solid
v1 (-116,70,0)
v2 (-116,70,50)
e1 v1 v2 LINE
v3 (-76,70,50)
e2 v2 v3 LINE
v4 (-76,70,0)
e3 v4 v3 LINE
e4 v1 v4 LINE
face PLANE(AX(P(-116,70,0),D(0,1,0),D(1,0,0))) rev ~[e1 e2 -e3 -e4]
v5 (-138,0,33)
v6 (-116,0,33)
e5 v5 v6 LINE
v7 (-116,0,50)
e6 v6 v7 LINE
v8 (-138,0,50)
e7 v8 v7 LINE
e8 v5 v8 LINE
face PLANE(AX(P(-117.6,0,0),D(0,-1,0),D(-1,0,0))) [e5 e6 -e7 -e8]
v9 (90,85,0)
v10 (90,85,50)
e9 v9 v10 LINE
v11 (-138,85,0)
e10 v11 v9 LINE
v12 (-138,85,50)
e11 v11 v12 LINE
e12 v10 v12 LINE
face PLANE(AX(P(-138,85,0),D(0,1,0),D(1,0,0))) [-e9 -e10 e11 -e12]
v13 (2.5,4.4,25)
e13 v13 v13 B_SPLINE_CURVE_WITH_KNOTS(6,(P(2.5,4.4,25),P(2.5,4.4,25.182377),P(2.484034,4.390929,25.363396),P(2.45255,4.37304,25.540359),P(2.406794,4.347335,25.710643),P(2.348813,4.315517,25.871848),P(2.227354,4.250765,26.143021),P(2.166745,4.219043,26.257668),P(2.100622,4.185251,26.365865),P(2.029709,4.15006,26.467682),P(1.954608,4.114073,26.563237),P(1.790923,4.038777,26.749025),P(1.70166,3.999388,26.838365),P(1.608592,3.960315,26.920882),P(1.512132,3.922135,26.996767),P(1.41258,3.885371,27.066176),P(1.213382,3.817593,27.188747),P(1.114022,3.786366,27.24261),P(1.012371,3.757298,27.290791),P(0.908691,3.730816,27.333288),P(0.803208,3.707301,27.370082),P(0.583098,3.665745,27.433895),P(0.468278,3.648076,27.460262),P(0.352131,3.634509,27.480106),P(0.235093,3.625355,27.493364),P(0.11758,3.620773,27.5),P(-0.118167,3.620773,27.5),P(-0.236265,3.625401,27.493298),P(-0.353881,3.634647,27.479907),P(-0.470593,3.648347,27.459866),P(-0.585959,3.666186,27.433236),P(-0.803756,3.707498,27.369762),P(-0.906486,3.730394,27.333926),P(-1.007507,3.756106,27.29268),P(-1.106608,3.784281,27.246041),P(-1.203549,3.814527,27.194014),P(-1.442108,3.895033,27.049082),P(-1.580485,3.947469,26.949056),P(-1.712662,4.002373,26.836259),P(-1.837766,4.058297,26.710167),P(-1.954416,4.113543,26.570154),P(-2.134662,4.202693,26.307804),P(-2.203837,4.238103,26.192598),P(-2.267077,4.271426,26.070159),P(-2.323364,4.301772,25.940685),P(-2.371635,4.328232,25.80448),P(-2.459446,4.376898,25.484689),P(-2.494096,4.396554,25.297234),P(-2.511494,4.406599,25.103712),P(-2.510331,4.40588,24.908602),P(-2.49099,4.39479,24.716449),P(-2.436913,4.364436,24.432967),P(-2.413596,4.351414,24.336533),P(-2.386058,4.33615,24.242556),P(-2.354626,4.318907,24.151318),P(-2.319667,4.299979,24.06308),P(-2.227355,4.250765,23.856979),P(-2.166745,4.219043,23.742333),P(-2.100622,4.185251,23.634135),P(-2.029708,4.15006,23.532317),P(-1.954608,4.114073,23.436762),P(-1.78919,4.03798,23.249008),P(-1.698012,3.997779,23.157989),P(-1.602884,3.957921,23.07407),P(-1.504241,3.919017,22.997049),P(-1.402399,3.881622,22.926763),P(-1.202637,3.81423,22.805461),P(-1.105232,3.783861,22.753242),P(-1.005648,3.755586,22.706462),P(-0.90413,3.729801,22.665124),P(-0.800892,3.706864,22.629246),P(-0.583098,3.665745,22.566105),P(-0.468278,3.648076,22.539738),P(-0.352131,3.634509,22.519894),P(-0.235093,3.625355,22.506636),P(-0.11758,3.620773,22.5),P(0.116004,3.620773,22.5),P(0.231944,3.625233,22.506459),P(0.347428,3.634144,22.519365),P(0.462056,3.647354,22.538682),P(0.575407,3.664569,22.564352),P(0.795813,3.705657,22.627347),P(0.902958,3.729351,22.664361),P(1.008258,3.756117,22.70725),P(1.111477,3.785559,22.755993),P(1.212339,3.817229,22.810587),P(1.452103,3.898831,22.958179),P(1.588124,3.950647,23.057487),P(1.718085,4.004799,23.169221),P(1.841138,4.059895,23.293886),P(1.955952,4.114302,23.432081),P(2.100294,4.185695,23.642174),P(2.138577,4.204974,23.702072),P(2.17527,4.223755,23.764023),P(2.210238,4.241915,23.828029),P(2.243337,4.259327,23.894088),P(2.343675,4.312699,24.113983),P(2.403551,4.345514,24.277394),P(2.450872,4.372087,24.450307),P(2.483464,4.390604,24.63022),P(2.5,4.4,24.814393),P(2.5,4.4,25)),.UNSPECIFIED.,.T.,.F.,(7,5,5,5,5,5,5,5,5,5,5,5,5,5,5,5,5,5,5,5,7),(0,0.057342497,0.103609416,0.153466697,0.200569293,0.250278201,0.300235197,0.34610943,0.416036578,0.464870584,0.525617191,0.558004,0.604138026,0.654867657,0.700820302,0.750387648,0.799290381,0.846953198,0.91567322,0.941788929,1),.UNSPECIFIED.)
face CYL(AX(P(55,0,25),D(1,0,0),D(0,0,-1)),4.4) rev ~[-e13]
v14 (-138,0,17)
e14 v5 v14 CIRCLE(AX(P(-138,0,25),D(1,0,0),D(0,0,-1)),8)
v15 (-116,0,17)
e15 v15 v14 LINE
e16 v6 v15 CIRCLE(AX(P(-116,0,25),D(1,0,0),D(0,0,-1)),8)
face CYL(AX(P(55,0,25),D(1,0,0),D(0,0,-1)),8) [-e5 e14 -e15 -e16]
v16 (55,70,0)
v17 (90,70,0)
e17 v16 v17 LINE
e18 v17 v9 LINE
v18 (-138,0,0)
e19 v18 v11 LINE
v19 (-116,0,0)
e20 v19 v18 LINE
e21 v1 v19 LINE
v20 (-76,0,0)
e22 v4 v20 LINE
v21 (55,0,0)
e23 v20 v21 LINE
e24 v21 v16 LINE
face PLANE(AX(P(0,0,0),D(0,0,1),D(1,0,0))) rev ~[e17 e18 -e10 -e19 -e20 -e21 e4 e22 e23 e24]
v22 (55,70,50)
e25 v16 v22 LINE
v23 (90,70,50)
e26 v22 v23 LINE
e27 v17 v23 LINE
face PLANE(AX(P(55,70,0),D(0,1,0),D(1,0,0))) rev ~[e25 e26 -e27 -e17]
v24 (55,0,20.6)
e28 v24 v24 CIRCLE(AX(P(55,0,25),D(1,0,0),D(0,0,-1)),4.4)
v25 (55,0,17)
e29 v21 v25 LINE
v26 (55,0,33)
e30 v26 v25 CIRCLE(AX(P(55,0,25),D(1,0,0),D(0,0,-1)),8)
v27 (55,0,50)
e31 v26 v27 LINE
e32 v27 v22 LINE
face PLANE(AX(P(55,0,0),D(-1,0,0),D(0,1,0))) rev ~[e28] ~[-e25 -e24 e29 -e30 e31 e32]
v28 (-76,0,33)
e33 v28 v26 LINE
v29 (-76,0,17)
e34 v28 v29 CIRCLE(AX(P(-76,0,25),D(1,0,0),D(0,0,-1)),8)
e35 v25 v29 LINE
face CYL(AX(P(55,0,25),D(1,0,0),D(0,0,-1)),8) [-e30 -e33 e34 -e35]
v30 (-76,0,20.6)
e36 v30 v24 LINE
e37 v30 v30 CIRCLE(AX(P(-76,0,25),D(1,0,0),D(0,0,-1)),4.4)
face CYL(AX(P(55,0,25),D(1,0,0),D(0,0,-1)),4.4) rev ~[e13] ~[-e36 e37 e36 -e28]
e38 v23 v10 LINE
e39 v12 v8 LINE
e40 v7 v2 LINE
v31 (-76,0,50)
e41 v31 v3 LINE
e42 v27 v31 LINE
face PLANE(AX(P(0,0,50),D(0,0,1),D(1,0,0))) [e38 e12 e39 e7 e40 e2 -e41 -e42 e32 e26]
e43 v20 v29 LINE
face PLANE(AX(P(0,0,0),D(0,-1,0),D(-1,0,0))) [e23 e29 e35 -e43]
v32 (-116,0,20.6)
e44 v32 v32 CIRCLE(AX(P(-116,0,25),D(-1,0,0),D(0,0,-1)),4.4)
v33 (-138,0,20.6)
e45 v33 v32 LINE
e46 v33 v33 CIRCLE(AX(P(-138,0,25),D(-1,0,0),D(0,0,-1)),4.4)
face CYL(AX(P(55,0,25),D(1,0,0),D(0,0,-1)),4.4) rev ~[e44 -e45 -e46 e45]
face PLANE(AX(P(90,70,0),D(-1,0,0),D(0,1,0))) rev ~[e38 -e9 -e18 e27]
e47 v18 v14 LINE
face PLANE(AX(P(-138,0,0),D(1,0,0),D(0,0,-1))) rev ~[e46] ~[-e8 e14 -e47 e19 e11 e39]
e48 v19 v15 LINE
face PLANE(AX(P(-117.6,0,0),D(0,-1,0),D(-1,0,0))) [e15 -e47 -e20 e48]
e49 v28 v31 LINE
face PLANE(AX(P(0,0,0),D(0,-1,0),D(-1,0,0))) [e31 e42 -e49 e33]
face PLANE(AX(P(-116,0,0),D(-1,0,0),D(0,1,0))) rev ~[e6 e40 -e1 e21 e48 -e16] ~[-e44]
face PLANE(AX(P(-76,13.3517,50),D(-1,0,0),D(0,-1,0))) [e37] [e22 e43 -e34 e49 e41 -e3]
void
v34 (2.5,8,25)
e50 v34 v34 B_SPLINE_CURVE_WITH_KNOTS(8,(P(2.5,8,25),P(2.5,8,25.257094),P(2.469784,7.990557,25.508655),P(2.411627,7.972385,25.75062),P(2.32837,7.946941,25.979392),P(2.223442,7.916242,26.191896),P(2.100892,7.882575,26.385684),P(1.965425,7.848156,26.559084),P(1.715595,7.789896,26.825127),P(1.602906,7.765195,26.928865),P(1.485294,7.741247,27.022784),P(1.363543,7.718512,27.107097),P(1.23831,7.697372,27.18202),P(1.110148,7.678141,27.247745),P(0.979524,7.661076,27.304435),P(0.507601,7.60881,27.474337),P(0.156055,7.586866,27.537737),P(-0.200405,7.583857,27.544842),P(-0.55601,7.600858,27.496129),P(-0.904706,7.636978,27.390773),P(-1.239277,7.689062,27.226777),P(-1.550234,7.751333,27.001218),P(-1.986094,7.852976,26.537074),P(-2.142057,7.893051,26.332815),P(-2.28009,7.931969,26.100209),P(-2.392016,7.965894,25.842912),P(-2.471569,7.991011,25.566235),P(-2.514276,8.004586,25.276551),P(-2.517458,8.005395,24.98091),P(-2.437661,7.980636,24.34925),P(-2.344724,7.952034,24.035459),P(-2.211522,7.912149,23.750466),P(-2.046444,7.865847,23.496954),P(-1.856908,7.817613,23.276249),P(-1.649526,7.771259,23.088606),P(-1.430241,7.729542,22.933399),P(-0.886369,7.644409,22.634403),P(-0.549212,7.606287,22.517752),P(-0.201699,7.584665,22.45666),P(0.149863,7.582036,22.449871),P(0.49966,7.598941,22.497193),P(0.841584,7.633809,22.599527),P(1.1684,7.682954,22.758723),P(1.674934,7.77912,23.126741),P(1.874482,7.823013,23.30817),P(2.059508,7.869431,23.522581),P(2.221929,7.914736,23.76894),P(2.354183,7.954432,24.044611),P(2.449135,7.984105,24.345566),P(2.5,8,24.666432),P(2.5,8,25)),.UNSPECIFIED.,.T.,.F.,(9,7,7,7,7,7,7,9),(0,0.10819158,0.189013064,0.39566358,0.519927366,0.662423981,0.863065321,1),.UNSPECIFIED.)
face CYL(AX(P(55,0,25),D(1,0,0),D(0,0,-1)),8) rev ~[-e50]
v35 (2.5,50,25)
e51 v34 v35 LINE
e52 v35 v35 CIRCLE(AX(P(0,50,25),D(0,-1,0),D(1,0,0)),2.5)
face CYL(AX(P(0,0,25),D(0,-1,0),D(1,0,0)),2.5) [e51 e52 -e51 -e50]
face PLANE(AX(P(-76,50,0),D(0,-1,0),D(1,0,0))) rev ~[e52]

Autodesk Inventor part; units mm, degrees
ref_plane "YZ Plane" through (0, 0, 0) normal (1, 0, 0) x (0, 1, 0)
ref_plane "XZ Plane" through (0, 0, 0) normal (0, 1, 0) x (-1, 0, 0)
ref_plane "XY Plane" through (0, 0, 0) normal (0, 0, 1) x (1, 0, 0)
sketch "Sketch1" plane through (0, 0, 0) normal (0, 0, 1) x (1, 0, 0)
  line L0 (0, 0) -> (55, 0)
  line L1 (0, 0) -> (-76, 0)
  line L2 (-116, 0) -> (-138, 0)
  line L3 (-138, 0) -> (-138, 70)
  line L4 (-138, 70) -> (-138, 85)
  line L5 (-138, 85) -> (-116, 85)
  line L6 (-116, 0) -> (-116, 70)
  line L7 (-116, 70) -> (-76, 70)
  line L8 (-76, 70) -> (-76, 0)
  line L9 (90, 70) -> (90, 85)
  line L10 (90, 85) -> (-116, 85)
  line L11 (55, 0) -> (55, 70)
  line L12 (55, 70) -> (90, 70)
  line L13 (55, 0) -> (-76, 0)
  line L14 (-116, 0) -> (-117.6, 0)
  line L15 (-117.6, 0) -> (-117.6, 71.4164)
  line L16 (-117.6, 71.4164) -> (-74.4045, 71.4164)
  line L17 (-74.4045, 71.4164) -> (-74.4045, 0)
  line L18 (-138, 0) -> (-152.8138, 0)
  line L19 (-152.8138, 0) -> (-152.8138, 85)
  line L20 (-152.8138, 85) -> (-138, 85)
  dimension "d20" = 1.6
extrude "Extrusion1" add sketch "Sketch1" along normal blind 50 contours L1 L17 L16 L15 L2 L3 L4 L5 L10 L9 L12 L11 L0 | L1 L8 L7 L6 L2 L15 L16 L17
sketch "Sketch2" plane through (0, 0, 0) normal (1, 0, 0) x (0, 1, 0)
  point P0 (0, 0)
sketch "Sketch3" plane through (-76, 0, 0) normal (0, -1, 0) x (1, 0, 0)
  line L0 (131, 0) -> (131, 50) projected
  line L1 (131, 25) -> (76, 25)
  circle A0 centre (76, 25) radius 2.5
  point P0 (76, 0)
  dimension "d9" = 5
extrude "Extrusion2" cut sketch "Sketch3" against normal blind 50
sketch "Sketch4" plane through (55, 0, 0) normal (1, 0, 0) x (0, 0, -1)
  line L0 (0, 0) -> (-50, 0) projected
  circle A0 centre (-25, 0) radius 4.4
  dimension "d12" = 8.8
extrude "Extrusion3" cut sketch "Sketch4" against normal blind 238.5
sketch "Sketch5" plane through (55, 0, 0) normal (1, 0, 0) x (0, 0, -1)
  arc A0 (-20.6, 0) -> (-29.4, 0) centre (-25, 0) ccw projected
  circle A1 centre (-25, 0) radius 8
  circle A2 centre (-25, 0) radius 4.4
  point P0 (0, 0)
  dimension "d15" = 16
extrude "Extrusion4" add sketch "Sketch5" against normal up to surface (193 mm away)
sketch "Sketch6" plane through (0, 0, 50) normal (0, 0, 1) x (1, 0, 0)
  line L0 (-116, 0) -> (-116, 70) projected
  line L1 (-116, 13.3517) -> (-76, 13.3517)
  line L2 (-76, 13.3517) -> (-76, -16.9742)
  line L3 (-76, -16.9742) -> (-116, -16.9742)
  line L4 (-116, -16.9742) -> (-116, 13.3517)
  point P0 (0, 0)
extrude "Extrusion5" cut sketch "Sketch6" against normal blind 238.5
properties part number "Arm_Base"
